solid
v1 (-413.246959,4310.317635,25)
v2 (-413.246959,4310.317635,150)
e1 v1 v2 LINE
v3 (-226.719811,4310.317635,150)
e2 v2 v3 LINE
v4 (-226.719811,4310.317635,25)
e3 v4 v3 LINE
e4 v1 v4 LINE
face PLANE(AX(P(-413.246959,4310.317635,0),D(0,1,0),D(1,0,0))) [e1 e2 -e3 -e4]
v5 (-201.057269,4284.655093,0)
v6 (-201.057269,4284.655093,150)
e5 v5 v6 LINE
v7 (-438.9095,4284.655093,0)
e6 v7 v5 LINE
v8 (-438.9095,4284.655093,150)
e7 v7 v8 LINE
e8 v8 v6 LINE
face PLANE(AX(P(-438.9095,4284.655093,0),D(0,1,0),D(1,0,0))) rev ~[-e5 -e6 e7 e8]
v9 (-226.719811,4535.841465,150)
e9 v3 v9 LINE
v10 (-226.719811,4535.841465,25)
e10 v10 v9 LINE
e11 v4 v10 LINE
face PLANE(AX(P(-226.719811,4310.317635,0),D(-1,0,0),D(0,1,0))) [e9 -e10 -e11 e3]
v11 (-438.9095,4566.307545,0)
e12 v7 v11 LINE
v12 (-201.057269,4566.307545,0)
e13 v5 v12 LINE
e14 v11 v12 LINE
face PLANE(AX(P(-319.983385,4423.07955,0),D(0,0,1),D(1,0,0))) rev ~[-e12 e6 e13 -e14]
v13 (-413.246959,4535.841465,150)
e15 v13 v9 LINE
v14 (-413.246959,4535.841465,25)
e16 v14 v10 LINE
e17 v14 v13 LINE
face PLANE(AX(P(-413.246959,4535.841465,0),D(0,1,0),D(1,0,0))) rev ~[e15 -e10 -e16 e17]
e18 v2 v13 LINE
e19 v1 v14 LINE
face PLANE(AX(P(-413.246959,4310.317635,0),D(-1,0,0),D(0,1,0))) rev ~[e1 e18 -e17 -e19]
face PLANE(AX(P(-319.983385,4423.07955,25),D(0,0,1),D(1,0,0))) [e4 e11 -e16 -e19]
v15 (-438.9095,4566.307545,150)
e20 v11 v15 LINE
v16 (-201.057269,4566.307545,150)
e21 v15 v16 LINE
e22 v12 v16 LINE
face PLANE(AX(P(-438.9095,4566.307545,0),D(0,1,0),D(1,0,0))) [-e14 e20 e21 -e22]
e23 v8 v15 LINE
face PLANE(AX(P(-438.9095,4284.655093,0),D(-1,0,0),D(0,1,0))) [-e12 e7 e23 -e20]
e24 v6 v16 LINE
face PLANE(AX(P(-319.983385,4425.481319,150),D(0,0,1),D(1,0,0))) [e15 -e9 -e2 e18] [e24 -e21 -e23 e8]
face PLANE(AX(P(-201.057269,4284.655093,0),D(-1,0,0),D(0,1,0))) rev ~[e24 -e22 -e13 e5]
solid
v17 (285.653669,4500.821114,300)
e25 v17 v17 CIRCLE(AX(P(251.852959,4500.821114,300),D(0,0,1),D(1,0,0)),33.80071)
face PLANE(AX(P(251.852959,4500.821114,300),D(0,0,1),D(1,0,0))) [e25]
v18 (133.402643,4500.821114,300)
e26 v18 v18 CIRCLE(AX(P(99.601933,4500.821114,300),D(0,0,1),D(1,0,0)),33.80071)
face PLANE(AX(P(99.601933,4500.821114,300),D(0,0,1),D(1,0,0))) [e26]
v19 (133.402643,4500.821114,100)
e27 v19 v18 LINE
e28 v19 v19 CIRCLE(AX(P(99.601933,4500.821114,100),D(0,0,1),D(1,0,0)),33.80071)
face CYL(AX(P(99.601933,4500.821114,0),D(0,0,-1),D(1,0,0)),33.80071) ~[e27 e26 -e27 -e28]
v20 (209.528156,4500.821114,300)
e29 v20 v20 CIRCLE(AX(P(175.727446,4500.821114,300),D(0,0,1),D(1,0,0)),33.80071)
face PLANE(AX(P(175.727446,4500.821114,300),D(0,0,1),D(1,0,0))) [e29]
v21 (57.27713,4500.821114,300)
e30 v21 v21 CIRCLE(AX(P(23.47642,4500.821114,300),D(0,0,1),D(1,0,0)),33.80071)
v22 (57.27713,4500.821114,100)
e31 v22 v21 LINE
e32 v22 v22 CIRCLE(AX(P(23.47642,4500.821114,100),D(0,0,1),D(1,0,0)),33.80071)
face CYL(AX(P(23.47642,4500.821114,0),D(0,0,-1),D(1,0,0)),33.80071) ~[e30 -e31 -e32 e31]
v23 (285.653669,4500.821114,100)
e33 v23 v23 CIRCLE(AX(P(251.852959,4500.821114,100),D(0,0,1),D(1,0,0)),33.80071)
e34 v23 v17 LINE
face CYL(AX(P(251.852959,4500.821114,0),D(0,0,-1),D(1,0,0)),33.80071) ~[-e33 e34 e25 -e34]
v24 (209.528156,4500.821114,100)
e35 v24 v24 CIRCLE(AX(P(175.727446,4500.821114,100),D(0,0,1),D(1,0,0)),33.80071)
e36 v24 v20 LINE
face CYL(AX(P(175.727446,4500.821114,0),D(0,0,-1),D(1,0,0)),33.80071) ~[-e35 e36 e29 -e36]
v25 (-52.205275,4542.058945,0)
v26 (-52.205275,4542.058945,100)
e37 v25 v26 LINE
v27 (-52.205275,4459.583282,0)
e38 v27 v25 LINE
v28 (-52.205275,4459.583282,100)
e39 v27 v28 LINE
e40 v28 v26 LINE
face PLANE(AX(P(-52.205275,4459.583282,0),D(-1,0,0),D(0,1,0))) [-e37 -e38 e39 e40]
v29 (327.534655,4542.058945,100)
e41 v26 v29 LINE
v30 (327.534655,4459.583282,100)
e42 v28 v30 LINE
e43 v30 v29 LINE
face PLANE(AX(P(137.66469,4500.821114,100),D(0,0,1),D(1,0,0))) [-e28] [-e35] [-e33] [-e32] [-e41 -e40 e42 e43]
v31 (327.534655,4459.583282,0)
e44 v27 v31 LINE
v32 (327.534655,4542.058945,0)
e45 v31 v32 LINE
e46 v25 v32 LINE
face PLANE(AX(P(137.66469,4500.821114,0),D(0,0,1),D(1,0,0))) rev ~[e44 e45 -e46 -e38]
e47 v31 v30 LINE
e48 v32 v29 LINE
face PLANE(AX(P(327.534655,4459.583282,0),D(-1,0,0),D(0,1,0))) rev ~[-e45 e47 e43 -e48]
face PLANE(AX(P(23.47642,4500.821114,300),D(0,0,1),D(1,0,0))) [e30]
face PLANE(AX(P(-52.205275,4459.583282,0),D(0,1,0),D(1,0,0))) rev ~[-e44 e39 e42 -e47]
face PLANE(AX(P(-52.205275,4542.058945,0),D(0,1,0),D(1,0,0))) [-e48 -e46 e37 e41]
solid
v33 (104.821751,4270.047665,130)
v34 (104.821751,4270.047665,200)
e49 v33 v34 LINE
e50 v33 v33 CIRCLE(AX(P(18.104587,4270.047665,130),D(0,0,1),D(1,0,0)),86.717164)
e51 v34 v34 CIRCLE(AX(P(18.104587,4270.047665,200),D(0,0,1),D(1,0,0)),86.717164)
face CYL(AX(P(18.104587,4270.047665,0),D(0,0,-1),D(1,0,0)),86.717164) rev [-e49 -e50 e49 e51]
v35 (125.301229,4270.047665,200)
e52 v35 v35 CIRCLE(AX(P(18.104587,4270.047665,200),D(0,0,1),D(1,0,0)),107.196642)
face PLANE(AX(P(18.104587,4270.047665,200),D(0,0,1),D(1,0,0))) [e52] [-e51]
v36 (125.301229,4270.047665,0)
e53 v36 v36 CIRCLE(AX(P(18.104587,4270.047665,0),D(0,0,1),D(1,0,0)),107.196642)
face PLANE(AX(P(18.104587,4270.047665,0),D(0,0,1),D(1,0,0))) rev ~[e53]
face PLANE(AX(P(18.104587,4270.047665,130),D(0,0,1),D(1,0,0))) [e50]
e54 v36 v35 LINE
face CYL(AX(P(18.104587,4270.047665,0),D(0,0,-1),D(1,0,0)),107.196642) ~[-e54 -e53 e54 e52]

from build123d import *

# Parameters (mm, degrees)
F0_W     = 379.739931
F0_H     = 82.475663
F0_R     = 33.80071
F1_DEPTH = 100
F2_DEPTH = 300
F0_W_2   = 237.852231
F0_H_2   = 281.652451
F0_W_3   = 186.527147
F0_H_3   = 225.523829
F3_DEPTH = 150
F4_DEPTH = 25
F0_R_2   = 107.196642
F0_R_3   = 86.717164
F5_DEPTH = 200
F6_DEPTH = 130


with BuildPart() as f1:
    # F0 (on Top) → F1 (new body)
    with BuildSketch(Plane.XY):
        with Locations((137.66469, 4500.821114)):
            Rectangle(F0_W, F0_H)
        with Locations((23.47642, 4500.821114)):
            Circle(F0_R, mode=Mode.SUBTRACT)
        with Locations((99.601933, 4500.821114)):
            Circle(F0_R, mode=Mode.SUBTRACT)
        with Locations((175.727446, 4500.821114)):
            Circle(F0_R, mode=Mode.SUBTRACT)
        with Locations((251.852959, 4500.821114)):
            Circle(F0_R, mode=Mode.SUBTRACT)
    extrude(amount=F1_DEPTH)

    # F0 (on Top) → F2 (join)
    with BuildSketch(Plane.XY):
        with Locations((251.852959, 4500.821114)):
            Circle(F0_R)
        with Locations((175.727446, 4500.821114)):
            Circle(F0_R)
        with Locations((99.601933, 4500.821114)):
            Circle(F0_R)
        with Locations((23.47642, 4500.821114)):
            Circle(F0_R)
    extrude(amount=F2_DEPTH)


with BuildPart() as f3:
    # F0 (on Top) → F3 (new body)
    with BuildSketch(Plane.XY):
        with Locations((-319.983385, 4425.481319)):
            Rectangle(F0_W_2, F0_H_2)
        with Locations((-319.983385, 4423.07955)):
            Rectangle(F0_W_3, F0_H_3, mode=Mode.SUBTRACT)
    extrude(amount=F3_DEPTH)

    # F0 (on Top) → F4 (join)
    with BuildSketch(Plane.XY):
        with Locations((-319.983385, 4423.07955)):
            Rectangle(F0_W_3, F0_H_3)
    extrude(amount=F4_DEPTH)


with BuildPart() as f5:
    # F0 (on Top) → F5 (new body)
    with BuildSketch(Plane.XY):
        with Locations((18.104587, 4270.047665)):
            Circle(F0_R_2)
        with Locations((18.104587, 4270.047665)):
            Circle(F0_R_3, mode=Mode.SUBTRACT)
    extrude(amount=F5_DEPTH)

    # F0 (on Top) → F6 (join)
    with BuildSketch(Plane.XY):
        with Locations((18.104587, 4270.047665)):
            Circle(F0_R_3)
    extrude(amount=F6_DEPTH)


solid = Compound([f1.part, f3.part, f5.part])
